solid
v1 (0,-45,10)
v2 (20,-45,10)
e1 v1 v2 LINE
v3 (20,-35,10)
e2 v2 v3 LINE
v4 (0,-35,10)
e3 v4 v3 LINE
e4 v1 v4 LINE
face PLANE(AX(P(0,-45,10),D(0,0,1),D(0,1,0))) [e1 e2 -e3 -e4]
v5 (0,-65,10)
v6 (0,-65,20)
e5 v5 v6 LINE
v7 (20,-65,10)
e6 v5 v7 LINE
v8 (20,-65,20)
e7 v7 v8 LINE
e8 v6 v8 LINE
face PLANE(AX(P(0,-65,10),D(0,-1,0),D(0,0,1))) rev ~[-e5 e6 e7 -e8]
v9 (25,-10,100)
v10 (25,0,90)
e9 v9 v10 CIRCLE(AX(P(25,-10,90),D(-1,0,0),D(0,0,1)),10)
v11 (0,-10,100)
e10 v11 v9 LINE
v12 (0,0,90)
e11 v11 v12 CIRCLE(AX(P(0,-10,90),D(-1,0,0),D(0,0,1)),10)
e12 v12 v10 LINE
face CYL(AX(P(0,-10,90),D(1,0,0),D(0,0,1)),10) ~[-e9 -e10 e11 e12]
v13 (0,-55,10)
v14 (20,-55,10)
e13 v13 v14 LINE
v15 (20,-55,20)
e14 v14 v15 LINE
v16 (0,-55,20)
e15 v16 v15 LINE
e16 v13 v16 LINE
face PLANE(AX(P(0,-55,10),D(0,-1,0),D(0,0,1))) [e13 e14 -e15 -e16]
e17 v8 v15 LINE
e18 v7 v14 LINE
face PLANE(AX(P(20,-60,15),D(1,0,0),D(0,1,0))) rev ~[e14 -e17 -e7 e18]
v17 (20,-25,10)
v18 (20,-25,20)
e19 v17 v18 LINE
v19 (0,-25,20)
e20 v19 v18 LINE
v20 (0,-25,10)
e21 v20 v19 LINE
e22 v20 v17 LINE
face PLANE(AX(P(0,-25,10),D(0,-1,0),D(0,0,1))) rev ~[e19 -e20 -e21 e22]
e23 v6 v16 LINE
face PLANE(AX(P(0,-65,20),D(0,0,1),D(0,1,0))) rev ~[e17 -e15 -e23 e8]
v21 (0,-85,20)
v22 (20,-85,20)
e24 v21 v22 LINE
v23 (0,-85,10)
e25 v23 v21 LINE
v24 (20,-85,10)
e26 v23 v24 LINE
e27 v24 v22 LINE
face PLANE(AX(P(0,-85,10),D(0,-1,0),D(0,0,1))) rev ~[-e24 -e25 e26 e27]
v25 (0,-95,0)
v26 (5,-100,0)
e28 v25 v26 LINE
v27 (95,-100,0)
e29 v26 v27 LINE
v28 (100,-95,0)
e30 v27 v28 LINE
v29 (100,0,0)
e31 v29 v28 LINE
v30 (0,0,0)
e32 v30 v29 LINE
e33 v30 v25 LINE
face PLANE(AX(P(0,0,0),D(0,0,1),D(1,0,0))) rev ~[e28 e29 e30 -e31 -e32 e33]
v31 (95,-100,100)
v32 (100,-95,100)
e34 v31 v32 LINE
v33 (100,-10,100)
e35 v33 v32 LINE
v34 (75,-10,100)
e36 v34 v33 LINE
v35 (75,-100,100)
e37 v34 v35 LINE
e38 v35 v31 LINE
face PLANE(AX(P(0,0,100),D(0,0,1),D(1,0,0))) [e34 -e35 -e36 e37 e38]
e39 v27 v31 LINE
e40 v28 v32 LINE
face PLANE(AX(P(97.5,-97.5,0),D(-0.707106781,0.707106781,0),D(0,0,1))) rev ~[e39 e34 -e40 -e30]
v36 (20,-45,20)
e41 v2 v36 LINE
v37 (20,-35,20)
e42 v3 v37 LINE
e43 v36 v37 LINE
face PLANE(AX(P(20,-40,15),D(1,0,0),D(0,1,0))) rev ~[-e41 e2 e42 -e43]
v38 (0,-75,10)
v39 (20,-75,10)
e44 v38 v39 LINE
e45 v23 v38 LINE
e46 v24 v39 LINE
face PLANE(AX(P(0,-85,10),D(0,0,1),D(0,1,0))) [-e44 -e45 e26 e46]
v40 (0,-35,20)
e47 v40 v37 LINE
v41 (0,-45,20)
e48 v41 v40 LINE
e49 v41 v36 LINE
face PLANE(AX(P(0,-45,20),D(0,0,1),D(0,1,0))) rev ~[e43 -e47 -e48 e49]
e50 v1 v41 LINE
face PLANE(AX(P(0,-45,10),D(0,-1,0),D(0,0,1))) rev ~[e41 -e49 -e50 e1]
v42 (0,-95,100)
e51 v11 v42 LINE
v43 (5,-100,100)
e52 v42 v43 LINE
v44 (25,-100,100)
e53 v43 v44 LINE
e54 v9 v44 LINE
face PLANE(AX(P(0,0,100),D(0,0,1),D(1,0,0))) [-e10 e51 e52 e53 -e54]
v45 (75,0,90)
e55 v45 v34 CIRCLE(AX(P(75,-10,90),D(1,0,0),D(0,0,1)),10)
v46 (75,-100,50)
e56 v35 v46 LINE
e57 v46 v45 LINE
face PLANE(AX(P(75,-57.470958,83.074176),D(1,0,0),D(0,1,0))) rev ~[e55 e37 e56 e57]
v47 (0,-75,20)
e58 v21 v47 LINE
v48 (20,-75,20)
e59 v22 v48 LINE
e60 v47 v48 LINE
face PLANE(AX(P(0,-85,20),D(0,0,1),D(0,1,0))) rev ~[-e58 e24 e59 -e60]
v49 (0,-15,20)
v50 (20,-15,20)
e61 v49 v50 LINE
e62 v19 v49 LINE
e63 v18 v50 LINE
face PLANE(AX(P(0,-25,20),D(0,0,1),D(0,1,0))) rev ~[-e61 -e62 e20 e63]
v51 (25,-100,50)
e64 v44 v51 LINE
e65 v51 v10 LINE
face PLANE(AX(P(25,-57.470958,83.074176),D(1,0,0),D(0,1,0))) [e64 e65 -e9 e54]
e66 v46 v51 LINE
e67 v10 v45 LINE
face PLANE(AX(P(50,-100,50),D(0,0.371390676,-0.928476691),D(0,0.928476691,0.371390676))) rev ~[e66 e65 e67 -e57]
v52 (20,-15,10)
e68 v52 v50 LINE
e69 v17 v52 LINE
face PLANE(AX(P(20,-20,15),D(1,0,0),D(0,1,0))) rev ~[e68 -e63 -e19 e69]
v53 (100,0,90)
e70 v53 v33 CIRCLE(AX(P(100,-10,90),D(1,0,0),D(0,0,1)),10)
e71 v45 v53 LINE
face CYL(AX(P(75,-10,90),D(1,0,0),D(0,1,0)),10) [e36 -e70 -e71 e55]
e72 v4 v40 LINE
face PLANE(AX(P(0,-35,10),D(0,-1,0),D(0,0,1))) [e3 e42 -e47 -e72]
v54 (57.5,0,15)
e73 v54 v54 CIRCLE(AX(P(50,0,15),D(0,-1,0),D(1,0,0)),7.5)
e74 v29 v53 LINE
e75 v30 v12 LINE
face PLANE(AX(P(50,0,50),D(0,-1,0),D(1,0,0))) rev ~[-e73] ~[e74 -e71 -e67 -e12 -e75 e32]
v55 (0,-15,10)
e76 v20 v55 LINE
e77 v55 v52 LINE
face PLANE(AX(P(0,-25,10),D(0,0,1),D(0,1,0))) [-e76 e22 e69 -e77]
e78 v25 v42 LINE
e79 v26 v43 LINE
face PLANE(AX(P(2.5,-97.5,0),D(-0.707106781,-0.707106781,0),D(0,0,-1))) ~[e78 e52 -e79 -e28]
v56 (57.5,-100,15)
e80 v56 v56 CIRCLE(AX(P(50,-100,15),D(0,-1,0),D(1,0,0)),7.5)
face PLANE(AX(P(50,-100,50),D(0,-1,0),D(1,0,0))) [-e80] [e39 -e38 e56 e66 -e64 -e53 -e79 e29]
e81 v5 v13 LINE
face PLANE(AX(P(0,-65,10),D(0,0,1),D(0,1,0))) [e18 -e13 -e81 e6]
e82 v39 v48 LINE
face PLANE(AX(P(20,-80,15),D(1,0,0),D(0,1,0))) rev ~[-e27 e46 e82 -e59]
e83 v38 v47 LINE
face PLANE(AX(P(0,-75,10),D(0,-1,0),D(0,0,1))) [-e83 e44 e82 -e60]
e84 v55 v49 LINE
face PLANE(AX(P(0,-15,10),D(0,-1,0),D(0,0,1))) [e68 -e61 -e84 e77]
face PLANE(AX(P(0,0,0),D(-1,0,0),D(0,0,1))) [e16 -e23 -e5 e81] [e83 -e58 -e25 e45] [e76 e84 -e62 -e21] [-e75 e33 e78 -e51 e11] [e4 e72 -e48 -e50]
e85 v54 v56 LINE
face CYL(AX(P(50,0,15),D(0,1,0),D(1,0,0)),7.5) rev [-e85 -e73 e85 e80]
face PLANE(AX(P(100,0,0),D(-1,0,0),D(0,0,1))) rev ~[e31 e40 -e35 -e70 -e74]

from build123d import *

# Parameters (mm, degrees)
F0_W     = 100
F0_H     = 100
F0_R     = 7.5
F1_DEPTH = 100
F4_DEPTH = 25
F5_R     = 10
F6_SIZE  = 5
F7_W     = 10
F7_H     = 10
F8_DEPTH = 20


with BuildPart() as f1:
    # F0 (on Front) → F1 (new body)
    with BuildSketch(Plane.XZ):
        with Locations((50, 50)):
            Rectangle(F0_W, F0_H)
        with Locations((50, 15)):
            Circle(F0_R, mode=Mode.SUBTRACT)
    extrude(amount=F1_DEPTH)

    # F3 (on mid) → F4 (cut, symmetric)
    with BuildSketch(Plane.YZ.offset(50)):
        Polygon((-100, 50), (0, 90), (0, 100), (-100, 100), align=None)
    extrude(amount=F4_DEPTH, both=True, mode=Mode.SUBTRACT)

    # F5
    f5_edges = [f1.edges().sort_by_distance(p)[0] for p in [
        (12.5, 0, 100),
        (87.5, 0, 100),
    ]]
    fillet(f5_edges, radius=F5_R)

    # F6
    f6_edges = [f1.edges().sort_by_distance(p)[0] for p in [
        (100, -100, 50),
        (0, -100, 50),
    ]]
    chamfer(f6_edges, length=F6_SIZE)

    # F7 (on Right) → F8 (cut)
    with BuildSketch(Plane.YZ):
        with Locations((-20, 15)):
            Rectangle(F7_W, F7_H)
        with Locations((-40, 15)):
            Rectangle(F7_W, F7_H)
        with Locations((-60, 15)):
            Rectangle(F7_W, F7_H)
        with Locations((-80, 15)):
            Rectangle(F7_W, F7_H)
    extrude(amount=F8_DEPTH, mode=Mode.SUBTRACT)


solid = f1.part
